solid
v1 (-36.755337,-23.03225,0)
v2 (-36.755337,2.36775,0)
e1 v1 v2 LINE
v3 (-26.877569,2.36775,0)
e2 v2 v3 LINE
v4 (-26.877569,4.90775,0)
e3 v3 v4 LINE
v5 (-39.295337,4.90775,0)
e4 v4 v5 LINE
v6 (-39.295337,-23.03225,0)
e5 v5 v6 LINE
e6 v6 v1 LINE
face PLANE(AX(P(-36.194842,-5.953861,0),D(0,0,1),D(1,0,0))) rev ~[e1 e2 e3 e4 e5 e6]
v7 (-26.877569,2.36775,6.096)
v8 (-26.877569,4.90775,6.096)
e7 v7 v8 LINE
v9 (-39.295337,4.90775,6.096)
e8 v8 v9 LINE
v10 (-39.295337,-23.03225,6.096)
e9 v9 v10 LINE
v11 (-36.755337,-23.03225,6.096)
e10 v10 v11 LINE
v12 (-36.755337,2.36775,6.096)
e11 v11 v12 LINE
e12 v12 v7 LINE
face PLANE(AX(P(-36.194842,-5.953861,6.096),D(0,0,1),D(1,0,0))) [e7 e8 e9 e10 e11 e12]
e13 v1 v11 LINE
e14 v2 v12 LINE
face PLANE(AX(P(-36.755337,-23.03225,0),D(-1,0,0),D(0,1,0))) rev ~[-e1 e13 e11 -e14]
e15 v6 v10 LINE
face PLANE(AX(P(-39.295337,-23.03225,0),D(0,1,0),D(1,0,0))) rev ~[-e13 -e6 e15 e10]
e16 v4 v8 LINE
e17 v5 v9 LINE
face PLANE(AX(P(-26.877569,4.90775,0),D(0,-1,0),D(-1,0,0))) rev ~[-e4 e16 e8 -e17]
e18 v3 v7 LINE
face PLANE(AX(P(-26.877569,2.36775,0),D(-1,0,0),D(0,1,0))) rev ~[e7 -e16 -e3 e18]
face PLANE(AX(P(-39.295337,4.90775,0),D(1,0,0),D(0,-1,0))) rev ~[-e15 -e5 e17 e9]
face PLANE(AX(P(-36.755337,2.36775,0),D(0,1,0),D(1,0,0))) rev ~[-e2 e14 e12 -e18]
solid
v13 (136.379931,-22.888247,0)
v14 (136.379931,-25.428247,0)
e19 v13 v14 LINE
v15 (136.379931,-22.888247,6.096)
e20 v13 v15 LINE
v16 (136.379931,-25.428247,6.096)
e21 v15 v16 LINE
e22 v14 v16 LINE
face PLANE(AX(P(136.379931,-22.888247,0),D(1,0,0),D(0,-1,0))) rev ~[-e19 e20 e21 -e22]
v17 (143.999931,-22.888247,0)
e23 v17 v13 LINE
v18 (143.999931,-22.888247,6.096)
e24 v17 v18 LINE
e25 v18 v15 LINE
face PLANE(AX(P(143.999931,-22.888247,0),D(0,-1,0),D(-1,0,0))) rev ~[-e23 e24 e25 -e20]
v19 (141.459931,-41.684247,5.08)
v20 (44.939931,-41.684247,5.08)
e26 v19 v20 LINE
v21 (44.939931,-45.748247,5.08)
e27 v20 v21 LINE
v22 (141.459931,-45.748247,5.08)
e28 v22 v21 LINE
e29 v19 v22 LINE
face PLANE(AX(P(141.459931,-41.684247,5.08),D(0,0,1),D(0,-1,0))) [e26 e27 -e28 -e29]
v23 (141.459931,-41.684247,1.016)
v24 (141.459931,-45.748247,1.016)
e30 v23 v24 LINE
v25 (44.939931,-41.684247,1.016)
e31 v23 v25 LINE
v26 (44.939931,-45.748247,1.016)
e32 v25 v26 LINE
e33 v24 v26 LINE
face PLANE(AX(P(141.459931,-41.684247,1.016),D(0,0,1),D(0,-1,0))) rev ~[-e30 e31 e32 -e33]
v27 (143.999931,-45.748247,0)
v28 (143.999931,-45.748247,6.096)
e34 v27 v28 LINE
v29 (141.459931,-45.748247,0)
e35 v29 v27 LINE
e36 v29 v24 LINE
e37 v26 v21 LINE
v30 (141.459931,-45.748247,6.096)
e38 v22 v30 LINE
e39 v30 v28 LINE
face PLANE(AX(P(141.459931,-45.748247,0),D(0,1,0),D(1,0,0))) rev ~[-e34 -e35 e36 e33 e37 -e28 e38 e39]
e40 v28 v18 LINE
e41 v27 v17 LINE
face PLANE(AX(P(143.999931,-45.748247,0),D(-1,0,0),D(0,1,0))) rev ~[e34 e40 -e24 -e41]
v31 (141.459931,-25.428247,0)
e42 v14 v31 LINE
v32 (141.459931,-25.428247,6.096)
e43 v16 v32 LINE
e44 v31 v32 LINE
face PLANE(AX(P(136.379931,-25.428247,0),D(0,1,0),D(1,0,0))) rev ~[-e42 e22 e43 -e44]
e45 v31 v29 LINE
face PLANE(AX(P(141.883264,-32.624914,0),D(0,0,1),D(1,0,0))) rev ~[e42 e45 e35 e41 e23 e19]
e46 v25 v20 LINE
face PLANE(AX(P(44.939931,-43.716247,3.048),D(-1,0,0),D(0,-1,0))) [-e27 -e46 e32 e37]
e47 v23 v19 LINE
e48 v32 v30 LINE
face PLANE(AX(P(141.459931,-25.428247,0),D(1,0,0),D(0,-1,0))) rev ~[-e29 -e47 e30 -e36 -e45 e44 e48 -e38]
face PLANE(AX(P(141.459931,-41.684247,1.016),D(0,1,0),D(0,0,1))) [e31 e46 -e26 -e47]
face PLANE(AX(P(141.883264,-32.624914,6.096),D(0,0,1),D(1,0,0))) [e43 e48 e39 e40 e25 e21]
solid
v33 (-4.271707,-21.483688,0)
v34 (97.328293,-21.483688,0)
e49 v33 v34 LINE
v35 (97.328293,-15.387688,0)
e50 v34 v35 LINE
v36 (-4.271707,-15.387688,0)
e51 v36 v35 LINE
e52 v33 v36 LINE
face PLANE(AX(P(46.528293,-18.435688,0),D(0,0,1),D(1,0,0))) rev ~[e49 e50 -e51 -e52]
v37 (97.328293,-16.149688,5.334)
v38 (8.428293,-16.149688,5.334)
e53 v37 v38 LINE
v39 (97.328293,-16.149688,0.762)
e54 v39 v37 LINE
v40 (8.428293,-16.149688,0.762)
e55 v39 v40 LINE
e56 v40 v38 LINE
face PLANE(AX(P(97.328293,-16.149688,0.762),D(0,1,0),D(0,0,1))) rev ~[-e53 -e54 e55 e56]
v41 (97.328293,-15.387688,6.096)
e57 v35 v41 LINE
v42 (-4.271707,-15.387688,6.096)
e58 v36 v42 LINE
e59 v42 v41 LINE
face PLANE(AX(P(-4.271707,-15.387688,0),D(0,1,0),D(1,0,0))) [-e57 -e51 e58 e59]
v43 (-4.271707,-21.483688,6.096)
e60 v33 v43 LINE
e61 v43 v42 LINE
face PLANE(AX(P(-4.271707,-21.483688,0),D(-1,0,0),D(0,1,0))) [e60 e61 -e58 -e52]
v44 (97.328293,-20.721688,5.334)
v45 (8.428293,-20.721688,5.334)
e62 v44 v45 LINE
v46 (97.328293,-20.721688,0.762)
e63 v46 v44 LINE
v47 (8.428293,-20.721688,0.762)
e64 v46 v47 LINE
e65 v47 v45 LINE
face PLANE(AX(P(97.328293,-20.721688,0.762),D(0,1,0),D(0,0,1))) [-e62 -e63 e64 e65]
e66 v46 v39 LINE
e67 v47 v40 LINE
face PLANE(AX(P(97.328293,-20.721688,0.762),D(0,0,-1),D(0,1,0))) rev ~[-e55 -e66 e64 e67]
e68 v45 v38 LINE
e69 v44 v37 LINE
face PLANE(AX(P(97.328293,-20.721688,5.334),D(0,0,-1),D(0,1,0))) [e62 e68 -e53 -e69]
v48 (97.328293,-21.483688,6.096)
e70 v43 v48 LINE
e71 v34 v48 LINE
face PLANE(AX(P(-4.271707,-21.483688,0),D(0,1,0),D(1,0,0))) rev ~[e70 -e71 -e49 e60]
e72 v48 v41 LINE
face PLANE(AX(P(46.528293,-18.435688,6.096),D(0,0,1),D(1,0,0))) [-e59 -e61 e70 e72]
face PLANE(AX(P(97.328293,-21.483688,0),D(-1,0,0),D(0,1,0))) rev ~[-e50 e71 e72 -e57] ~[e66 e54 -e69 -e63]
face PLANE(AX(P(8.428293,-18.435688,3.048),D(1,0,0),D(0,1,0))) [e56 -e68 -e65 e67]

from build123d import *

# Parameters (mm, degrees)
F1_DEPTH = 6.096
F2_W     = 101.6
F2_H     = 6.096
F3_DEPTH = 6.096
F4_W     = 4.572
F4_H     = 4.572
F5_DEPTH = 88.9
F7_DEPTH = 6.096
F8_W     = 4.064
F8_H     = 4.064
F9_DEPTH = 96.52


with BuildPart() as f1:
    # F0 (on Top) → F1 (new body)
    with BuildSketch(Plane.XY):
        Polygon((-26.877569, 2.36775), (-26.877569, 4.90775), (-39.295337, 4.90775), (-39.295337, -23.03225), (-36.755337, -23.03225), (-36.755337, 2.36775), align=None)
    extrude(amount=F1_DEPTH)


with BuildPart() as f3:
    # F2 (on Top) → F3 (new body)
    with BuildSketch(Plane.XY):
        with Locations((46.528293, -18.435688)):
            Rectangle(F2_W, F2_H)
    extrude(amount=F3_DEPTH)

    # F4 (on face) → F5 (cut)
    with BuildSketch(Plane.YZ.offset(97.328293)):
        with Locations((-18.435688, 3.048)):
            Rectangle(F4_W, F4_H)
    extrude(amount=-F5_DEPTH, mode=Mode.SUBTRACT)


with BuildPart() as f7:
    # F6 (on Top) → F7 (new body)
    with BuildSketch(Plane.XY):
        Polygon((141.459931, -25.428247), (141.459931, -45.748247), (143.999931, -45.748247), (143.999931, -22.888247), (136.379931, -22.888247), (136.379931, -25.428247), align=None)
    extrude(amount=F7_DEPTH)

    # F8 (on face) → F9 (join)
    with BuildSketch(Plane(origin=(141.459931, 0, 0), x_dir=(0, -1, 0), z_dir=(-1, 0, 0))):
        with Locations((43.716247, 3.048)):
            Rectangle(F8_W, F8_H)
    extrude(amount=F9_DEPTH)


solid = Compound([f1.part, f3.part, f7.part])
